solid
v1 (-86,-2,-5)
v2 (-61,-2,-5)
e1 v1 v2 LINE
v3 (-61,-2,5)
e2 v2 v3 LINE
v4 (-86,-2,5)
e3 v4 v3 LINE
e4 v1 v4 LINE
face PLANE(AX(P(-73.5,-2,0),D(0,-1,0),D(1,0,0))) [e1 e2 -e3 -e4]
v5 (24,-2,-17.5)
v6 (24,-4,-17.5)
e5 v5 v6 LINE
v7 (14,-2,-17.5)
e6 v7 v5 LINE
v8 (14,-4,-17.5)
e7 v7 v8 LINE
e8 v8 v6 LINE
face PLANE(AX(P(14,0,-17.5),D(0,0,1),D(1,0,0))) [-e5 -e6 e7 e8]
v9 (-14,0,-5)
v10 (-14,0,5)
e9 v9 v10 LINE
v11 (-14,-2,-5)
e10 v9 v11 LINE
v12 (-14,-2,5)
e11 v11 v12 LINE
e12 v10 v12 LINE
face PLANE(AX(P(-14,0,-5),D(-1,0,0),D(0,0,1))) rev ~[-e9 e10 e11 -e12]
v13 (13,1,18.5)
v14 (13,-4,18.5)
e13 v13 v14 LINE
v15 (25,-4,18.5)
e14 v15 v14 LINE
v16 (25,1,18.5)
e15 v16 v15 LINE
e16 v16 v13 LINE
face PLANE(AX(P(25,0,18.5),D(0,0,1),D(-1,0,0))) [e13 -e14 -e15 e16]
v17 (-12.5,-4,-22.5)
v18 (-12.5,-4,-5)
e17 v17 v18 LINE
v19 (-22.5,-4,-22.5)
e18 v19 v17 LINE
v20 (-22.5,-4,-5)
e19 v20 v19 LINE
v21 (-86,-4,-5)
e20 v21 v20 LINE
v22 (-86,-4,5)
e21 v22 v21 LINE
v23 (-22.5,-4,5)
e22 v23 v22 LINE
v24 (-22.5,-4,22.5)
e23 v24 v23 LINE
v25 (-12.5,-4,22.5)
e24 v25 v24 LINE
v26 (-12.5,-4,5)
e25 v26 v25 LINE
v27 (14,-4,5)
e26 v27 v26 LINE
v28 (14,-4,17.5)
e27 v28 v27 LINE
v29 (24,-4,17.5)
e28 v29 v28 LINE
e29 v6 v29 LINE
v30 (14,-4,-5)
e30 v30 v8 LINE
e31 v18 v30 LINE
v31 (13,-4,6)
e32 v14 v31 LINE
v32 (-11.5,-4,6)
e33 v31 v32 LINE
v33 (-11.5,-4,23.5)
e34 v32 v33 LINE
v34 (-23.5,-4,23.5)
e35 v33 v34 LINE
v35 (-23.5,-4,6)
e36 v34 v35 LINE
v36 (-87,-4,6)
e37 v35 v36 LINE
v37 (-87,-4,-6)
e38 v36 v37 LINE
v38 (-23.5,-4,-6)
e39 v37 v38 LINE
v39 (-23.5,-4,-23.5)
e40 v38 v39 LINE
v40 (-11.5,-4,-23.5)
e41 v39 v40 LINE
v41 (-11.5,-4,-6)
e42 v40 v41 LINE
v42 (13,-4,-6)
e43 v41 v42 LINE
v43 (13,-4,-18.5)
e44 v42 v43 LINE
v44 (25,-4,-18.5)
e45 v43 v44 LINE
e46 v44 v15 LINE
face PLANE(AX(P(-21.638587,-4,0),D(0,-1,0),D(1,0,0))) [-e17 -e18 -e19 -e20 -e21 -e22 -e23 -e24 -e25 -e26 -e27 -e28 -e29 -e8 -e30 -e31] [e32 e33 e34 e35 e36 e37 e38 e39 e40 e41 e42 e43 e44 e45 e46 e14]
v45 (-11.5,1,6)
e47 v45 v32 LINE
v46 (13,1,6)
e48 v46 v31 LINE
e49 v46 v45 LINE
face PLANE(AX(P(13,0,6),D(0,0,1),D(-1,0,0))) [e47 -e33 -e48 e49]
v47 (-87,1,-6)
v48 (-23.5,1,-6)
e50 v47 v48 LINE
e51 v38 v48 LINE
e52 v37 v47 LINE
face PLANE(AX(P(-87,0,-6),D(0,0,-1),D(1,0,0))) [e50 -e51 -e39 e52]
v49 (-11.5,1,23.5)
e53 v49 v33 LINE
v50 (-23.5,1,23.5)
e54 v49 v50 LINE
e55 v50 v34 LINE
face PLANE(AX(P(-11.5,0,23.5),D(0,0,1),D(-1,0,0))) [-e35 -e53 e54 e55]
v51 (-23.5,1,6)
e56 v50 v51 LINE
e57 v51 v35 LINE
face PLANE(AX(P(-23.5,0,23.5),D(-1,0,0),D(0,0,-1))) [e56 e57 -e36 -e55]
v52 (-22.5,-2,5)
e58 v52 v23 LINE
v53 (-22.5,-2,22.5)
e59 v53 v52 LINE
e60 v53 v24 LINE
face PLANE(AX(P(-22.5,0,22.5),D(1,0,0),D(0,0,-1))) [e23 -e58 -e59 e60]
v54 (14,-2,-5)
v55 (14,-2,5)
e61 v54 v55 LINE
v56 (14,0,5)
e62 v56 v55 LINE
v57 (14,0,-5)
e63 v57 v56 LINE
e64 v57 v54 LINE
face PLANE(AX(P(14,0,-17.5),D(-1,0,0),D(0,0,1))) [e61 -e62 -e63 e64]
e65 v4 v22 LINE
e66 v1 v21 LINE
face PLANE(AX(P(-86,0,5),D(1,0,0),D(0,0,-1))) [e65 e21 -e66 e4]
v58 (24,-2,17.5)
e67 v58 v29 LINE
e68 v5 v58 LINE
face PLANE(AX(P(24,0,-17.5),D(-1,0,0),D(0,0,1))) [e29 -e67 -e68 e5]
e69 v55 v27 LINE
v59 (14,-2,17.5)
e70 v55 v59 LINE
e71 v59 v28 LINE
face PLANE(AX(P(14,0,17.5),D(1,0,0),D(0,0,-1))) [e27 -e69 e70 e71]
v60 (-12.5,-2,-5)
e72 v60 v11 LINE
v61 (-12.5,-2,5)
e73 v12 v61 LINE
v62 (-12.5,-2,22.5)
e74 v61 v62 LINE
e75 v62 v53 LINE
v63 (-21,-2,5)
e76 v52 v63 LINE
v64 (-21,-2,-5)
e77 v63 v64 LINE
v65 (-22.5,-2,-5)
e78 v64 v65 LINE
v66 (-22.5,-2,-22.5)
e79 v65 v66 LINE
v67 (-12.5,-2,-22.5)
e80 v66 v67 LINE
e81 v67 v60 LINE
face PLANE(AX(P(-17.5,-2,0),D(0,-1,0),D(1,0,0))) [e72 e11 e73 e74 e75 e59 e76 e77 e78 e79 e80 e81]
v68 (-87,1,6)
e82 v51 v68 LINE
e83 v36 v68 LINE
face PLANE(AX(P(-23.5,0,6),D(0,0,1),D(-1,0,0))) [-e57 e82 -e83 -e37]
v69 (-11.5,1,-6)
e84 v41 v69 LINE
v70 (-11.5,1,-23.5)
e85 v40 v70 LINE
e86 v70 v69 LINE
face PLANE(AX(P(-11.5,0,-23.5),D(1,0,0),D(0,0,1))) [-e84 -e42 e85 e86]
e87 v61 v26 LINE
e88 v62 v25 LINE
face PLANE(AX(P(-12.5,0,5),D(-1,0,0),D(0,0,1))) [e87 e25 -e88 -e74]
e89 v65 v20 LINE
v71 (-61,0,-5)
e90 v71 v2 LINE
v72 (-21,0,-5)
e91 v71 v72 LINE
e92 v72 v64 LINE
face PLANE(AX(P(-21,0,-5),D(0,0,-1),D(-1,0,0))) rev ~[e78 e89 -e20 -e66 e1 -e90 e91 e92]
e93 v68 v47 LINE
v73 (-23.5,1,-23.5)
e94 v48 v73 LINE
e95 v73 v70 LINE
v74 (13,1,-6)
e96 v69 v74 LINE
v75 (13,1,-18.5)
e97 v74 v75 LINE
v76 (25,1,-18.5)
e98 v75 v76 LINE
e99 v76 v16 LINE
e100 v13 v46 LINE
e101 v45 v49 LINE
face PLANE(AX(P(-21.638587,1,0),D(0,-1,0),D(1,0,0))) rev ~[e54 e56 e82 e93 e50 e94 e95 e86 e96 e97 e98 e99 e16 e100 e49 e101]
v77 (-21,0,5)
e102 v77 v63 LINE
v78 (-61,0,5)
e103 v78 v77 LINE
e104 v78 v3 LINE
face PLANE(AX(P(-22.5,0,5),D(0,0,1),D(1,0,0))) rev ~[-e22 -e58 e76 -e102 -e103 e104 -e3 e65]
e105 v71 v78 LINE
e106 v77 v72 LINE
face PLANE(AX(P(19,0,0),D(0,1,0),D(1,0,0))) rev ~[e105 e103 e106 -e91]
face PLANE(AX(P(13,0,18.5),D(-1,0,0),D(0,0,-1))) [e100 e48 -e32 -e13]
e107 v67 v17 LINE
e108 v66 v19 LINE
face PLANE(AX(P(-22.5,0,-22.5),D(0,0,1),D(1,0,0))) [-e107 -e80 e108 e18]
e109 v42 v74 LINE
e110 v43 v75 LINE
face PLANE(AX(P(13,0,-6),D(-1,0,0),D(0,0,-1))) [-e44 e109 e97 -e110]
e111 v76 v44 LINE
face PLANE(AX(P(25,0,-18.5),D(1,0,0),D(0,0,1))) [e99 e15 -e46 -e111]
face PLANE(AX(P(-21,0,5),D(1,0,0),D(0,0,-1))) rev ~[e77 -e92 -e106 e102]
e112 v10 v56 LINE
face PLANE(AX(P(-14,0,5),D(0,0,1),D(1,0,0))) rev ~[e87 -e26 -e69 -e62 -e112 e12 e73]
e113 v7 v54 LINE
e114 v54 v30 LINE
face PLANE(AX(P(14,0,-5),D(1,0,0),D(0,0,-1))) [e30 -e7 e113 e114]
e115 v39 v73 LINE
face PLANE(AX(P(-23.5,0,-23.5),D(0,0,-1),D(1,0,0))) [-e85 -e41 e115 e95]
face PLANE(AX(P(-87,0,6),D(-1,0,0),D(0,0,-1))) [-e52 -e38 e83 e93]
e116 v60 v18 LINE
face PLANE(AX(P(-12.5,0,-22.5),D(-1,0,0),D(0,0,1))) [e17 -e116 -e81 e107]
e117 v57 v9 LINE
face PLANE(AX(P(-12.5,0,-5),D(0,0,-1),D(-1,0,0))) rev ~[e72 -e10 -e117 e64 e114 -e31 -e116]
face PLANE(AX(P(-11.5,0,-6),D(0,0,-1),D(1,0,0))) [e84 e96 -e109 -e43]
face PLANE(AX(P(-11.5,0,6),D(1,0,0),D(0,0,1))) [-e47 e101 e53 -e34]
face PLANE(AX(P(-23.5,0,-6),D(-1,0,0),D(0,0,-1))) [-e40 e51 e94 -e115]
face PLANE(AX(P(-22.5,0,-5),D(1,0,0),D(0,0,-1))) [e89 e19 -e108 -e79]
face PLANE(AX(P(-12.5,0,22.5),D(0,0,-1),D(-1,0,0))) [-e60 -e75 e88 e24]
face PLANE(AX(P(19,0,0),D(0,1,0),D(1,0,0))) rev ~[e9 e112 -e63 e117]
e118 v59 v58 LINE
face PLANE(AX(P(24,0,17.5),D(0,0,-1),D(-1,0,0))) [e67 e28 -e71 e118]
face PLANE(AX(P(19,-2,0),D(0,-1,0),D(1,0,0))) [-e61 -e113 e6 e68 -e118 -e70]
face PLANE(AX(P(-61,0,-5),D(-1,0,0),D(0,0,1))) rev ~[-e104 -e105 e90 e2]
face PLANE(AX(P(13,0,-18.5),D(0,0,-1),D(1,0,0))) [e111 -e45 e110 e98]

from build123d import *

# Parameters (mm, degrees)
SKETCH_3_W           = 10
SKETCH_3_H           = 35
SKETCH_3_W_2         = 26.5
SKETCH_3_H_2         = 10
SKETCH_3_W_3         = 38.5
SKETCH_3_W_4         = 25
EXTRUDE_1_DEPTH      = 1
EXTRUDE_2_DEPTH      = 4
EXTRUDE_2_DEPTH_BACK = 1
SKETCH_5_W           = 25
SKETCH_5_H           = 10
SKETCH_5_W_2         = 10
SKETCH_5_H_2         = 35
EXTRUDE_3_DEPTH      = 2


with BuildPart() as part:
    # 草图3 → 凸台-拉伸1 (new body)
    with BuildSketch(Plane(origin=(0, 0, 0), x_dir=(1, 0, 0), z_dir=(0, 1, 0))):
        with Locations((19, 0)):
            Rectangle(SKETCH_3_W, SKETCH_3_H)
        with Locations((0.75, 0)):
            Rectangle(SKETCH_3_W_2, SKETCH_3_H_2)
        Polygon((-12.5, -5), (-12.5, 5), (-12.5, 22.5), (-22.5, 22.5), (-22.5, 5), (-22.5, -5), (-22.5, -22.5), (-12.5, -22.5), align=None)
        with Locations((-41.75, 0)):
            Rectangle(SKETCH_3_W_3, SKETCH_3_H_2)
        with Locations((-73.5, 0)):
            Rectangle(SKETCH_3_W_4, SKETCH_3_H_2)
    extrude(amount=EXTRUDE_1_DEPTH)

    # 草图4 → 凸台-拉伸2 (add, two sides)
    with BuildSketch(Plane.XZ) as extrude_2_sk:
        Polygon((13, -18.5), (25, -18.5), (25, 18.5), (13, 18.5), (13, 6), (-11.5, 6), (-11.5, 23.5), (-23.5, 23.5), (-23.5, 6), (-87, 6), (-87, -6), (-23.5, -6), (-23.5, -23.5), (-11.5, -23.5), (-11.5, -6), (13, -6), align=None)
        Polygon((14, -17.5), (24, -17.5), (24, 17.5), (14, 17.5), (14, 5), (-12.5, 5), (-12.5, 22.5), (-22.5, 22.5), (-22.5, 5), (-86, 5), (-86, -5), (-22.5, -5), (-22.5, -22.5), (-12.5, -22.5), (-12.5, -5), (14, -5), align=None, mode=Mode.SUBTRACT)
    extrude(amount=EXTRUDE_2_DEPTH)
    extrude(extrude_2_sk.sketch, amount=-EXTRUDE_2_DEPTH_BACK)

    # 草图5 → 凸台-拉伸3 (add)
    with BuildSketch(Plane.XZ):
        Polygon((-22.5, 22.5), (-22.5, 5), (-21, 5), (-21, -5), (-22.5, -5), (-22.5, -22.5), (-12.5, -22.5), (-12.5, -5), (-14, -5), (-14, 5), (-12.5, 5), (-12.5, 22.5), align=None)
        with Locations((-73.5, 0)):
            Rectangle(SKETCH_5_W, SKETCH_5_H)
        with Locations((19, 0)):
            Rectangle(SKETCH_5_W_2, SKETCH_5_H_2)
    extrude(amount=EXTRUDE_3_DEPTH)


solid = part.part
